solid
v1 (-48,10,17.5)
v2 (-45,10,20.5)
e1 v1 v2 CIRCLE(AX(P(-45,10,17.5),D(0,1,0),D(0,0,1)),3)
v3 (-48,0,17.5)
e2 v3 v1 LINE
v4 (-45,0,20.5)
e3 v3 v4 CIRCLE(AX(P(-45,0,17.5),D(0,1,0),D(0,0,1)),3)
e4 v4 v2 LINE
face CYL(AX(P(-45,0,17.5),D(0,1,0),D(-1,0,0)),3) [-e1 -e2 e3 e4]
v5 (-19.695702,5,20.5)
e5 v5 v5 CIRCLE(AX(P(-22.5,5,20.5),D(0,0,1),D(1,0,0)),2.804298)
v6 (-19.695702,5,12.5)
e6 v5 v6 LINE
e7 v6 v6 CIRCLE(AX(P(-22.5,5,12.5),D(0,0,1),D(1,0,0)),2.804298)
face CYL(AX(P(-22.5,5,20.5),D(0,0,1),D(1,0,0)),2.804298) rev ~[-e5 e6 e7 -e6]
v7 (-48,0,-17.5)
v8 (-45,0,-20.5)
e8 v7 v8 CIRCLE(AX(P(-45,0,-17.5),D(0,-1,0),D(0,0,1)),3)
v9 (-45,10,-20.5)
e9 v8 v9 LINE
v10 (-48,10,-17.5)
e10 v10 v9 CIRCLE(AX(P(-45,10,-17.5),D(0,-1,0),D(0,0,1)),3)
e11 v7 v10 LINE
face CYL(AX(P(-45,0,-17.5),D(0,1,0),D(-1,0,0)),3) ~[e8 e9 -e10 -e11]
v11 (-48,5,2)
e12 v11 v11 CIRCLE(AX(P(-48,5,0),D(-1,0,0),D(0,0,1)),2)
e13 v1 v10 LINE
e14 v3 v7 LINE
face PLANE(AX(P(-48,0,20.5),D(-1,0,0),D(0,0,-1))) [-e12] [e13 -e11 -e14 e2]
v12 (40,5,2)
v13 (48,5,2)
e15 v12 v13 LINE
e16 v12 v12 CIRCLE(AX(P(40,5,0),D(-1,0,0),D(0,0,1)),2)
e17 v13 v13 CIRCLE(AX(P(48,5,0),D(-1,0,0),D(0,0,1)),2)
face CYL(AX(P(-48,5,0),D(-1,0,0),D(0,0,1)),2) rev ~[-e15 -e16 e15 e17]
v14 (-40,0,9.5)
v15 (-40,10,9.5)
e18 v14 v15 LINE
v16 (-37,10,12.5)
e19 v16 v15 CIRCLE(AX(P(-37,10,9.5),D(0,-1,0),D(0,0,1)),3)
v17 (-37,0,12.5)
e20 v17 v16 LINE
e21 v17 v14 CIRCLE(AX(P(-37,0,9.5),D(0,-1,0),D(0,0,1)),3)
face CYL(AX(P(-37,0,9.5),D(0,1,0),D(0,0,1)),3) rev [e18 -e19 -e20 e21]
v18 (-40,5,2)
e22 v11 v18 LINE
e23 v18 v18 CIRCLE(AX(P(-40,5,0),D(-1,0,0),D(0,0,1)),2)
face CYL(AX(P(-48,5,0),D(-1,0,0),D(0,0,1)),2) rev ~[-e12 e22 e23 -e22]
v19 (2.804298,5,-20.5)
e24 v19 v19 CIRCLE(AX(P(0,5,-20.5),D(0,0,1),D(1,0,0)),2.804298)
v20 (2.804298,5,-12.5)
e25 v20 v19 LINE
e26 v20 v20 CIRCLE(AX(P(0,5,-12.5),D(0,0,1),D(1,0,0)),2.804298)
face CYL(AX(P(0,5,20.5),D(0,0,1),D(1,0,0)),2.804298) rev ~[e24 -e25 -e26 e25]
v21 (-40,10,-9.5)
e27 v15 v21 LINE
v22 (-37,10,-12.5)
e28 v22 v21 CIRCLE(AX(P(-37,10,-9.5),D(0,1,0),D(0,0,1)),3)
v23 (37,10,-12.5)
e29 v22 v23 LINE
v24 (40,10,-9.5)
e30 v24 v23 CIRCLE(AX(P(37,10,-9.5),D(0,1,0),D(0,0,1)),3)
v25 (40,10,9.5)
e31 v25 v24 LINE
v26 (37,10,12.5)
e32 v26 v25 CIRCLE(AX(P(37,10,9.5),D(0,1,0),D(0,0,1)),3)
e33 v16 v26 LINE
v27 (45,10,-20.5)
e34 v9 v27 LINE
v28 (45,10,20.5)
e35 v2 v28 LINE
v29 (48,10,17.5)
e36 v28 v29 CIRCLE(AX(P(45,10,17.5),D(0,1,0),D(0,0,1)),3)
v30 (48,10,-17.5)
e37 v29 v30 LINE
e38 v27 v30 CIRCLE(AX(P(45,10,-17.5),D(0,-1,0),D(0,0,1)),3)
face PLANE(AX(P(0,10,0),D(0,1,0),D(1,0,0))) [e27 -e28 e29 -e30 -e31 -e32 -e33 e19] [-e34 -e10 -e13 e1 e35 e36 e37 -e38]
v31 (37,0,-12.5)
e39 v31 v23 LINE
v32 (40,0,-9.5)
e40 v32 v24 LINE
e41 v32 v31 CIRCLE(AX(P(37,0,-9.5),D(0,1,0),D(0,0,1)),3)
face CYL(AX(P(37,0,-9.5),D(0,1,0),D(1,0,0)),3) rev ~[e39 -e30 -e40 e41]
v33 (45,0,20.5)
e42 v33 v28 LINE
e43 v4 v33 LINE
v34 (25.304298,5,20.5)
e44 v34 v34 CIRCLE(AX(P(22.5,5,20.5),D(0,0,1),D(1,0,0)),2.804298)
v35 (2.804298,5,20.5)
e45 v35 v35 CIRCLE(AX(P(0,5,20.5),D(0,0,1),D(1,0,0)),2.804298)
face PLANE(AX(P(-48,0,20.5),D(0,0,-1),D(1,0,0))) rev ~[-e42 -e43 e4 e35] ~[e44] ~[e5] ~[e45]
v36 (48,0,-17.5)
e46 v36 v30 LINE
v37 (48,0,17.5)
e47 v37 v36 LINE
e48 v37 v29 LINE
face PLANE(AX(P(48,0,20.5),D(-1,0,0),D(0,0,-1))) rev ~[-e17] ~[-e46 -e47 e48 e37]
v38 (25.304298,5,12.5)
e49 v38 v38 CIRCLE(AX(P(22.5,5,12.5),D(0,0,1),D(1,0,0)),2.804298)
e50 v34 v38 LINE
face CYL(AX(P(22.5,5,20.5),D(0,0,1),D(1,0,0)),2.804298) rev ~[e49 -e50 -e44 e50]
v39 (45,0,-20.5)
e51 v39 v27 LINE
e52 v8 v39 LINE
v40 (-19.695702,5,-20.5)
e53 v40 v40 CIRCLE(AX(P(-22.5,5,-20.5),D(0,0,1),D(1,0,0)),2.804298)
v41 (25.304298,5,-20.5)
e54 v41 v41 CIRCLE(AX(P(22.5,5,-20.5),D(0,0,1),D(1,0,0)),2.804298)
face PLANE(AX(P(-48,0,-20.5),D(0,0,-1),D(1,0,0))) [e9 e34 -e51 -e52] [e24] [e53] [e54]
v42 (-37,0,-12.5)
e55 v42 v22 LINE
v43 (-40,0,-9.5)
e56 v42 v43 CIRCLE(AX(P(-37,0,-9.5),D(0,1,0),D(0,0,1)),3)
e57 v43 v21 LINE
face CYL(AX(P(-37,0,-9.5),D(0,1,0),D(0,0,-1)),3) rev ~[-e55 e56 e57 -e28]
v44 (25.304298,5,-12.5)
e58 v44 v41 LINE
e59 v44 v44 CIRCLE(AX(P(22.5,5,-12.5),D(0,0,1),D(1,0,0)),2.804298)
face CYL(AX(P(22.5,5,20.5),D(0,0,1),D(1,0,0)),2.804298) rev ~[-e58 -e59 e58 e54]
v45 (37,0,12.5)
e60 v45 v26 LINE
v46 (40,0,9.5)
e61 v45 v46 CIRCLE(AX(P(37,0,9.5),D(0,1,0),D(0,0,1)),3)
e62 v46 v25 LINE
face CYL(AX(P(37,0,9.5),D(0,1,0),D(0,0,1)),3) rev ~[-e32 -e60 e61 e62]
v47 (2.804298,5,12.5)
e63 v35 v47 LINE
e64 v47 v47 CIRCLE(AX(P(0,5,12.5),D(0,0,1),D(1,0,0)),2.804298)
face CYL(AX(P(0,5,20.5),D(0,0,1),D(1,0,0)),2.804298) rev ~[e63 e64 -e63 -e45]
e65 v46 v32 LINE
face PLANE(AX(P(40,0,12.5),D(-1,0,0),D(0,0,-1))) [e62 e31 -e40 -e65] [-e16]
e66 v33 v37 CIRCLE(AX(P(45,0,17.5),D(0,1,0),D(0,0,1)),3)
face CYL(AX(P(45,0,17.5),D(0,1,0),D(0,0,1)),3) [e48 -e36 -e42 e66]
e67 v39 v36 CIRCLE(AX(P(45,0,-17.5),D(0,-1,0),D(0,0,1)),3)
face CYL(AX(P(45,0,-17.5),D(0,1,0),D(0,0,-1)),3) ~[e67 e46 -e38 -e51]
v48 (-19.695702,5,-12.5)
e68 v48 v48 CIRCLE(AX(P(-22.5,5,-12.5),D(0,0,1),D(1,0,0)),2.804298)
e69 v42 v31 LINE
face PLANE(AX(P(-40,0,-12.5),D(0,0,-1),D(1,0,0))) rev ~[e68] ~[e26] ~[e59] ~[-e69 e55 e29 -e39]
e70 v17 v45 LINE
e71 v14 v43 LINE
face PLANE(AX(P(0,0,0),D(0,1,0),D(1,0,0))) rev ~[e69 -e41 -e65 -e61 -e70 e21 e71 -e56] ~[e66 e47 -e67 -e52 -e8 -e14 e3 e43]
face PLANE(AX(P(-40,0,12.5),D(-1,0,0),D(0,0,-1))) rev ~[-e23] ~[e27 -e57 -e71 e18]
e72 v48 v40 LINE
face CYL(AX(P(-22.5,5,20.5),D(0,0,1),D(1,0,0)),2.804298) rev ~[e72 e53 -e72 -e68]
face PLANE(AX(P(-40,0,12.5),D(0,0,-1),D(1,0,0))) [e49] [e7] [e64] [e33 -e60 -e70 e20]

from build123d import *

# Parameters (mm, degrees)
SKETCH1_W           = 96
SKETCH1_H           = 41
SKETCH1_W_2         = 80
SKETCH1_H_2         = 25
BOSS_EXTRUDE1_DEPTH = 10
FILLET1_R           = 3
SKETCH2_R           = 2
CUT_EXTRUDE1_DEPTH  = 99.672437894
SKETCH3_R           = 2.80429848
CUT_EXTRUDE5_DEPTH  = 64.914004725
FILLET2_R           = 3


with BuildPart() as part:
    # Sketch1 → Boss-Extrude1 (new body)
    with BuildSketch(Plane(origin=(0, 0, 0), x_dir=(1, 0, 0), z_dir=(0, 1, 0))):
        Rectangle(SKETCH1_W, SKETCH1_H)
        Rectangle(SKETCH1_W_2, SKETCH1_H_2, mode=Mode.SUBTRACT)
    extrude(amount=BOSS_EXTRUDE1_DEPTH)

    # Fillet1
    fillet1_edges = [part.edges().sort_by_distance(p)[0] for p in [
        (48, 5, 20.5),
        (-48, 5, 20.5),
        (-48, 5, -20.5),
        (48, 5, -20.5),
    ]]
    fillet(fillet1_edges, radius=FILLET1_R)

    # Sketch2 → Cut-Extrude1 (cut, through all)
    with BuildSketch(Plane.ZY.offset(48)):
        with Locations((0, 5)):
            Circle(SKETCH2_R)
    extrude(amount=-CUT_EXTRUDE1_DEPTH, mode=Mode.SUBTRACT)

    # Sketch3 → Cut-Extrude5 (cut, through all)
    with BuildSketch(Plane.XY.offset(20.5)):
        with Locations((-22.5, 5)):
            Circle(SKETCH3_R)
        with Locations((0, 5)):
            Circle(SKETCH3_R)
        with Locations((22.5, 5)):
            Circle(SKETCH3_R)
    extrude(amount=-CUT_EXTRUDE5_DEPTH, mode=Mode.SUBTRACT)

    # Fillet2
    fillet2_edges = [part.edges().sort_by_distance(p)[0] for p in [
        (40, 5, 12.5),
        (40, 5, -12.5),
        (-40, 5, -12.5),
        (-40, 5, 12.5),
    ]]
    fillet(fillet2_edges, radius=FILLET2_R)


solid = part.part
